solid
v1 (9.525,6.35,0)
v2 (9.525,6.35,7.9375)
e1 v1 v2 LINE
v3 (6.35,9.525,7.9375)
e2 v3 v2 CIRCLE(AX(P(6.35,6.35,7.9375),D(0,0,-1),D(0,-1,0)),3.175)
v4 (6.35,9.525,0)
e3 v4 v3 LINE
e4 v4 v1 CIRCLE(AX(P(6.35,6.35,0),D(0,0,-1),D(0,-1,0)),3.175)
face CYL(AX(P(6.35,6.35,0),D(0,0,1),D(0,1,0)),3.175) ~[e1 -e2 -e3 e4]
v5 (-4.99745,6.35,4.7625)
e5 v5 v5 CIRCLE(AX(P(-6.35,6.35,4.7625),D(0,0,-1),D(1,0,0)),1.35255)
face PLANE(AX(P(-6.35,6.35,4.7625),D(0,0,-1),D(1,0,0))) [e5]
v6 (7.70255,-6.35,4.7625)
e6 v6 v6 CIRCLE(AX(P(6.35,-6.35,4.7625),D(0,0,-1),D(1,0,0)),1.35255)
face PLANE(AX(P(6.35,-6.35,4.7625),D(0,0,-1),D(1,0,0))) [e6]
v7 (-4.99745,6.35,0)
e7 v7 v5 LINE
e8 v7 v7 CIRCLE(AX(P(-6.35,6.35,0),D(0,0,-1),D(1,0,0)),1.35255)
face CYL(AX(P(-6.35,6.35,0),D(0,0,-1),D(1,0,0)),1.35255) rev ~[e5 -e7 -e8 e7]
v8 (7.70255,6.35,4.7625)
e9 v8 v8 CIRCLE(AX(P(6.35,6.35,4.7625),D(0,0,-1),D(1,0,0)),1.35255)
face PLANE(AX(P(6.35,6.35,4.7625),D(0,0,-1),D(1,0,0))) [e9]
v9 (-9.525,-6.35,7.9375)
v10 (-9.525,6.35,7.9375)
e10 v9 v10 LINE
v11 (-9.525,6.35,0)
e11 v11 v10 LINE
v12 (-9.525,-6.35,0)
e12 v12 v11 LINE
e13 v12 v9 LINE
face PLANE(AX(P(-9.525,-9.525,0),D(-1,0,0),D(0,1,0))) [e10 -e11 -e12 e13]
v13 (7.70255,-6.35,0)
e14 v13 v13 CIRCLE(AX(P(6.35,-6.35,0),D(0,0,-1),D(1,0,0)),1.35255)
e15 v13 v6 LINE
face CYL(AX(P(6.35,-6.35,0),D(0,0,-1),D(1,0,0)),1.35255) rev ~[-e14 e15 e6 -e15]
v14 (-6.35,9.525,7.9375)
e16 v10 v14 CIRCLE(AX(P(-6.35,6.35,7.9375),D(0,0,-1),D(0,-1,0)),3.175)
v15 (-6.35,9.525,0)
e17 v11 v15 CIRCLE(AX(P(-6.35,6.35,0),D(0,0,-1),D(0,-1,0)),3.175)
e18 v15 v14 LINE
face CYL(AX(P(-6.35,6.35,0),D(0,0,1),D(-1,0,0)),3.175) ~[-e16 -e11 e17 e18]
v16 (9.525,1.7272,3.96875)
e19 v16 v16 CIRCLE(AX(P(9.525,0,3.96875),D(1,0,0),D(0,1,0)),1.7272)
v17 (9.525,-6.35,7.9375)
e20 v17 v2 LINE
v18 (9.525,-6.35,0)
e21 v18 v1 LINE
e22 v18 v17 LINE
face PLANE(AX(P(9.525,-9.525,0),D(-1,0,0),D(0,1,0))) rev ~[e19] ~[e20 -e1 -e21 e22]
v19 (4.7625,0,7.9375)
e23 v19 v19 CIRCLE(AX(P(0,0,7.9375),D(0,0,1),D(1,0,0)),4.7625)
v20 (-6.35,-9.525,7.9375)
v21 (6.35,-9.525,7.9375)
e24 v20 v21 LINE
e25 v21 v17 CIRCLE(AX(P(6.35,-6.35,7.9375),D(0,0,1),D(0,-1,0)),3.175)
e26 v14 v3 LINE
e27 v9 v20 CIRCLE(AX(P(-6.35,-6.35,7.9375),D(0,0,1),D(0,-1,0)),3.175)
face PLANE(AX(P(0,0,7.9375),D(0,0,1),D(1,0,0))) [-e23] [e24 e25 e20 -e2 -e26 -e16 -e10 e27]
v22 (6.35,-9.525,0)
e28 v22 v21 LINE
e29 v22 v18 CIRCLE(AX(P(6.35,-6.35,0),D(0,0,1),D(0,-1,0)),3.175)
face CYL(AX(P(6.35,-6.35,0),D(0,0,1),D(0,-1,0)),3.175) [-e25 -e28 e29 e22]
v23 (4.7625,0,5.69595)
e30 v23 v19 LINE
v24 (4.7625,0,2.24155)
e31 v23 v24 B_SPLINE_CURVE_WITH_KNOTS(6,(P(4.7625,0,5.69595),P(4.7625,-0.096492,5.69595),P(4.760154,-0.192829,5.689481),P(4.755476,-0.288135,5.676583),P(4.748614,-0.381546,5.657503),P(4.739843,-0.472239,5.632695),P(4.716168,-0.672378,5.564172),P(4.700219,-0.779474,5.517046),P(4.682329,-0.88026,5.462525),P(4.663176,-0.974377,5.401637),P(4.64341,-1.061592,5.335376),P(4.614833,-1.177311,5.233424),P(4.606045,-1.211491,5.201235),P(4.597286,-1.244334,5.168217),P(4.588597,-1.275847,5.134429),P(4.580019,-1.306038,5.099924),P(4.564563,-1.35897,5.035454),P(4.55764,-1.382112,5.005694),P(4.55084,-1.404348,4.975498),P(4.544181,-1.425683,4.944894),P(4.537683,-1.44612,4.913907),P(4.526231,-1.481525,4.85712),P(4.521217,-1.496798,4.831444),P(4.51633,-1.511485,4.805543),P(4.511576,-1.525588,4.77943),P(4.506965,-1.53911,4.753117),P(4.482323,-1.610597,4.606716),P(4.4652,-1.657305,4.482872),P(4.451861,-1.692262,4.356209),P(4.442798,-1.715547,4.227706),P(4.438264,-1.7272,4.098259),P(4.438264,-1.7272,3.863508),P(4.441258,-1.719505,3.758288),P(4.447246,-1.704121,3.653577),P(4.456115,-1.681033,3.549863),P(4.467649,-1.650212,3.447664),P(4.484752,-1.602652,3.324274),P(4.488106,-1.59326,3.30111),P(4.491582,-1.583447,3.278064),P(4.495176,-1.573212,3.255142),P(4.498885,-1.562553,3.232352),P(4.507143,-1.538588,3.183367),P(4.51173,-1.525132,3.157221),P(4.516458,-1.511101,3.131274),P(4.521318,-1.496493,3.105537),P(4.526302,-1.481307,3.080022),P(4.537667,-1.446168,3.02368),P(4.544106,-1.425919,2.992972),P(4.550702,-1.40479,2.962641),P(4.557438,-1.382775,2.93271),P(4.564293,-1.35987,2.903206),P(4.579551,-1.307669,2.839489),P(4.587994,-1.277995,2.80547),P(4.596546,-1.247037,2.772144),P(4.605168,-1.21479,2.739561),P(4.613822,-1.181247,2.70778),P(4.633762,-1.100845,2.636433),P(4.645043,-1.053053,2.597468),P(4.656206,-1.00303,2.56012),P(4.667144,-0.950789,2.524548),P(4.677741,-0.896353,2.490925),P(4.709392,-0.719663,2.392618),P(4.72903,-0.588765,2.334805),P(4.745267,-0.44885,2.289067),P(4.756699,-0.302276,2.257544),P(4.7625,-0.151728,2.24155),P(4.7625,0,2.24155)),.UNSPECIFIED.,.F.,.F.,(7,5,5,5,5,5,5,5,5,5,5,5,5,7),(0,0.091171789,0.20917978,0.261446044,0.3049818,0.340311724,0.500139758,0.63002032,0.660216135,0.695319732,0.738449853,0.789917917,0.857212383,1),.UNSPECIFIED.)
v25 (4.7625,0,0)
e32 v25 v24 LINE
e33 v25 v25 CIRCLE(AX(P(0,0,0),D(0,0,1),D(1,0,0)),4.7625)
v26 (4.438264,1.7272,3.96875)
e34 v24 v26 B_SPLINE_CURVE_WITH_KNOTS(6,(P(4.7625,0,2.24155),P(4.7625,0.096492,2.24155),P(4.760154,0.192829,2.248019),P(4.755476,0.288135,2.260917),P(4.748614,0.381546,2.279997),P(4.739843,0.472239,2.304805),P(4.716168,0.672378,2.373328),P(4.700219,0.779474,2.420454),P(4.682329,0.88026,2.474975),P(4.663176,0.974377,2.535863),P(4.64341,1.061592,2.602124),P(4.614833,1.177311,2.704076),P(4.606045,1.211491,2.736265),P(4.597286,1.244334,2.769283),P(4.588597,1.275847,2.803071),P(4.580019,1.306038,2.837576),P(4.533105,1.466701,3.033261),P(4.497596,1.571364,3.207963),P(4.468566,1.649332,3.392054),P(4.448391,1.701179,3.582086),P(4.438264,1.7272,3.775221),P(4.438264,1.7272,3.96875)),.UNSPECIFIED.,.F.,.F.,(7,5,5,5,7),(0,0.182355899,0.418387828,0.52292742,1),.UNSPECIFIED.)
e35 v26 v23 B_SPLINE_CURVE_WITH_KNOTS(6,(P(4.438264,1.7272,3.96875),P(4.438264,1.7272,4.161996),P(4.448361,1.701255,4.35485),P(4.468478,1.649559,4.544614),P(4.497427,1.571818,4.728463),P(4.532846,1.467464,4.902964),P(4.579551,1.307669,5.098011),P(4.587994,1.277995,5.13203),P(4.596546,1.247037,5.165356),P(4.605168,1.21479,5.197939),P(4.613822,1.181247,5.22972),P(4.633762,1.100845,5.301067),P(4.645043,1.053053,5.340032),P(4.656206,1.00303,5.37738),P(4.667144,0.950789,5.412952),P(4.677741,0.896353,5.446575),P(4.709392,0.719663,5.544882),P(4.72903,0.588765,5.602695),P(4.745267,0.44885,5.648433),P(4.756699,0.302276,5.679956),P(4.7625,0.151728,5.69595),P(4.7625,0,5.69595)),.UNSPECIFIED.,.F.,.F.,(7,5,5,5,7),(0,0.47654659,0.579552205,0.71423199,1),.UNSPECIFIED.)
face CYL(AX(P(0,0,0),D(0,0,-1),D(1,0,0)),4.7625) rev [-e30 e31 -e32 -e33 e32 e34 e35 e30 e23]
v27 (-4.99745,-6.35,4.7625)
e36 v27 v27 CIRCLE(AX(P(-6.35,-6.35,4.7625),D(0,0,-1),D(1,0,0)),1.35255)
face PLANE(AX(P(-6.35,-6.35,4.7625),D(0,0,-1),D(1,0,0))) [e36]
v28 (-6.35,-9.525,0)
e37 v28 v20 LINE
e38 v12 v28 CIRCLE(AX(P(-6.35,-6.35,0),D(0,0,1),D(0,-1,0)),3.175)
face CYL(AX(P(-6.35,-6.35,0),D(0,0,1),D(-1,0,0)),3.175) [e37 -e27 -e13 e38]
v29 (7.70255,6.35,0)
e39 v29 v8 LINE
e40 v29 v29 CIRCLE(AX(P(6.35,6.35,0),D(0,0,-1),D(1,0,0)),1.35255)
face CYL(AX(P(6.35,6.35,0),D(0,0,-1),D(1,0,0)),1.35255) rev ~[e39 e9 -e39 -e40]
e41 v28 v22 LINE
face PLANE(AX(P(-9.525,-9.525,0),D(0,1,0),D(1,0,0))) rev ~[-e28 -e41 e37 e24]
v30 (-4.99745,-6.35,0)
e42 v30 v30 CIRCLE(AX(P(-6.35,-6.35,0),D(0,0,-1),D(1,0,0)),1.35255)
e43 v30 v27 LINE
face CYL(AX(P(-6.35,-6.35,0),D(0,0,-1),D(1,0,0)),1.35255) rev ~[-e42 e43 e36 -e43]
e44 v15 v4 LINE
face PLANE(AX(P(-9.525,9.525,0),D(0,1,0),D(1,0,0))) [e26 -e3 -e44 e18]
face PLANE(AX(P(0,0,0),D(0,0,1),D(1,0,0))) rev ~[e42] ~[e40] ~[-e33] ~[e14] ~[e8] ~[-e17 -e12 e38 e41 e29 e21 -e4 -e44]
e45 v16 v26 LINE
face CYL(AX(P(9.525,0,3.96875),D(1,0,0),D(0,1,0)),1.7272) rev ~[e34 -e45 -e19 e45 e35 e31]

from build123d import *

# Parameters (mm, degrees)
F0_W     = 19.05
F0_H     = 19.05
F0_R     = 4.7625
F1_DEPTH = 7.9375
F2_R     = 3.175
F3_R     = 1.35255
F4_DEPTH = 4.7625
F5_R     = 1.7272
F6_DEPTH = 6.0867362041


with BuildPart() as f1:
    # F0 (on Top) → F1 (new body)
    with BuildSketch(Plane.XY):
        Rectangle(F0_W, F0_H)
        Circle(F0_R, mode=Mode.SUBTRACT)
    extrude(amount=F1_DEPTH)

    # F2
    f2_edges = [f1.edges().sort_by_distance(p)[0] for p in [
        (-9.525, 9.525, 3.96875),
        (-9.525, -9.525, 3.96875),
        (9.525, -9.525, 3.96875),
        (9.525, 9.525, 3.96875),
    ]]
    fillet(f2_edges, radius=F2_R)

    # F3 (on face) → F4 (cut)
    with BuildSketch(Plane(origin=(0, 0, 0), x_dir=(1, 0, 0), z_dir=(0, 0, -1))):
        with Locations((6.35, 6.35)):
            Circle(F3_R)
        with Locations((-6.35, 6.35)):
            Circle(F3_R)
        with Locations((-6.35, -6.35)):
            Circle(F3_R)
        with Locations((6.35, -6.35)):
            Circle(F3_R)
    extrude(amount=-F4_DEPTH, mode=Mode.SUBTRACT)

    # F5 (on face) → F6 (cut, up to face)
    with BuildSketch(Plane.YZ.offset(9.525)):
        with Locations((0, 3.96875)):
            Circle(F5_R)
    extrude(amount=-F6_DEPTH, mode=Mode.SUBTRACT)


solid = f1.part
